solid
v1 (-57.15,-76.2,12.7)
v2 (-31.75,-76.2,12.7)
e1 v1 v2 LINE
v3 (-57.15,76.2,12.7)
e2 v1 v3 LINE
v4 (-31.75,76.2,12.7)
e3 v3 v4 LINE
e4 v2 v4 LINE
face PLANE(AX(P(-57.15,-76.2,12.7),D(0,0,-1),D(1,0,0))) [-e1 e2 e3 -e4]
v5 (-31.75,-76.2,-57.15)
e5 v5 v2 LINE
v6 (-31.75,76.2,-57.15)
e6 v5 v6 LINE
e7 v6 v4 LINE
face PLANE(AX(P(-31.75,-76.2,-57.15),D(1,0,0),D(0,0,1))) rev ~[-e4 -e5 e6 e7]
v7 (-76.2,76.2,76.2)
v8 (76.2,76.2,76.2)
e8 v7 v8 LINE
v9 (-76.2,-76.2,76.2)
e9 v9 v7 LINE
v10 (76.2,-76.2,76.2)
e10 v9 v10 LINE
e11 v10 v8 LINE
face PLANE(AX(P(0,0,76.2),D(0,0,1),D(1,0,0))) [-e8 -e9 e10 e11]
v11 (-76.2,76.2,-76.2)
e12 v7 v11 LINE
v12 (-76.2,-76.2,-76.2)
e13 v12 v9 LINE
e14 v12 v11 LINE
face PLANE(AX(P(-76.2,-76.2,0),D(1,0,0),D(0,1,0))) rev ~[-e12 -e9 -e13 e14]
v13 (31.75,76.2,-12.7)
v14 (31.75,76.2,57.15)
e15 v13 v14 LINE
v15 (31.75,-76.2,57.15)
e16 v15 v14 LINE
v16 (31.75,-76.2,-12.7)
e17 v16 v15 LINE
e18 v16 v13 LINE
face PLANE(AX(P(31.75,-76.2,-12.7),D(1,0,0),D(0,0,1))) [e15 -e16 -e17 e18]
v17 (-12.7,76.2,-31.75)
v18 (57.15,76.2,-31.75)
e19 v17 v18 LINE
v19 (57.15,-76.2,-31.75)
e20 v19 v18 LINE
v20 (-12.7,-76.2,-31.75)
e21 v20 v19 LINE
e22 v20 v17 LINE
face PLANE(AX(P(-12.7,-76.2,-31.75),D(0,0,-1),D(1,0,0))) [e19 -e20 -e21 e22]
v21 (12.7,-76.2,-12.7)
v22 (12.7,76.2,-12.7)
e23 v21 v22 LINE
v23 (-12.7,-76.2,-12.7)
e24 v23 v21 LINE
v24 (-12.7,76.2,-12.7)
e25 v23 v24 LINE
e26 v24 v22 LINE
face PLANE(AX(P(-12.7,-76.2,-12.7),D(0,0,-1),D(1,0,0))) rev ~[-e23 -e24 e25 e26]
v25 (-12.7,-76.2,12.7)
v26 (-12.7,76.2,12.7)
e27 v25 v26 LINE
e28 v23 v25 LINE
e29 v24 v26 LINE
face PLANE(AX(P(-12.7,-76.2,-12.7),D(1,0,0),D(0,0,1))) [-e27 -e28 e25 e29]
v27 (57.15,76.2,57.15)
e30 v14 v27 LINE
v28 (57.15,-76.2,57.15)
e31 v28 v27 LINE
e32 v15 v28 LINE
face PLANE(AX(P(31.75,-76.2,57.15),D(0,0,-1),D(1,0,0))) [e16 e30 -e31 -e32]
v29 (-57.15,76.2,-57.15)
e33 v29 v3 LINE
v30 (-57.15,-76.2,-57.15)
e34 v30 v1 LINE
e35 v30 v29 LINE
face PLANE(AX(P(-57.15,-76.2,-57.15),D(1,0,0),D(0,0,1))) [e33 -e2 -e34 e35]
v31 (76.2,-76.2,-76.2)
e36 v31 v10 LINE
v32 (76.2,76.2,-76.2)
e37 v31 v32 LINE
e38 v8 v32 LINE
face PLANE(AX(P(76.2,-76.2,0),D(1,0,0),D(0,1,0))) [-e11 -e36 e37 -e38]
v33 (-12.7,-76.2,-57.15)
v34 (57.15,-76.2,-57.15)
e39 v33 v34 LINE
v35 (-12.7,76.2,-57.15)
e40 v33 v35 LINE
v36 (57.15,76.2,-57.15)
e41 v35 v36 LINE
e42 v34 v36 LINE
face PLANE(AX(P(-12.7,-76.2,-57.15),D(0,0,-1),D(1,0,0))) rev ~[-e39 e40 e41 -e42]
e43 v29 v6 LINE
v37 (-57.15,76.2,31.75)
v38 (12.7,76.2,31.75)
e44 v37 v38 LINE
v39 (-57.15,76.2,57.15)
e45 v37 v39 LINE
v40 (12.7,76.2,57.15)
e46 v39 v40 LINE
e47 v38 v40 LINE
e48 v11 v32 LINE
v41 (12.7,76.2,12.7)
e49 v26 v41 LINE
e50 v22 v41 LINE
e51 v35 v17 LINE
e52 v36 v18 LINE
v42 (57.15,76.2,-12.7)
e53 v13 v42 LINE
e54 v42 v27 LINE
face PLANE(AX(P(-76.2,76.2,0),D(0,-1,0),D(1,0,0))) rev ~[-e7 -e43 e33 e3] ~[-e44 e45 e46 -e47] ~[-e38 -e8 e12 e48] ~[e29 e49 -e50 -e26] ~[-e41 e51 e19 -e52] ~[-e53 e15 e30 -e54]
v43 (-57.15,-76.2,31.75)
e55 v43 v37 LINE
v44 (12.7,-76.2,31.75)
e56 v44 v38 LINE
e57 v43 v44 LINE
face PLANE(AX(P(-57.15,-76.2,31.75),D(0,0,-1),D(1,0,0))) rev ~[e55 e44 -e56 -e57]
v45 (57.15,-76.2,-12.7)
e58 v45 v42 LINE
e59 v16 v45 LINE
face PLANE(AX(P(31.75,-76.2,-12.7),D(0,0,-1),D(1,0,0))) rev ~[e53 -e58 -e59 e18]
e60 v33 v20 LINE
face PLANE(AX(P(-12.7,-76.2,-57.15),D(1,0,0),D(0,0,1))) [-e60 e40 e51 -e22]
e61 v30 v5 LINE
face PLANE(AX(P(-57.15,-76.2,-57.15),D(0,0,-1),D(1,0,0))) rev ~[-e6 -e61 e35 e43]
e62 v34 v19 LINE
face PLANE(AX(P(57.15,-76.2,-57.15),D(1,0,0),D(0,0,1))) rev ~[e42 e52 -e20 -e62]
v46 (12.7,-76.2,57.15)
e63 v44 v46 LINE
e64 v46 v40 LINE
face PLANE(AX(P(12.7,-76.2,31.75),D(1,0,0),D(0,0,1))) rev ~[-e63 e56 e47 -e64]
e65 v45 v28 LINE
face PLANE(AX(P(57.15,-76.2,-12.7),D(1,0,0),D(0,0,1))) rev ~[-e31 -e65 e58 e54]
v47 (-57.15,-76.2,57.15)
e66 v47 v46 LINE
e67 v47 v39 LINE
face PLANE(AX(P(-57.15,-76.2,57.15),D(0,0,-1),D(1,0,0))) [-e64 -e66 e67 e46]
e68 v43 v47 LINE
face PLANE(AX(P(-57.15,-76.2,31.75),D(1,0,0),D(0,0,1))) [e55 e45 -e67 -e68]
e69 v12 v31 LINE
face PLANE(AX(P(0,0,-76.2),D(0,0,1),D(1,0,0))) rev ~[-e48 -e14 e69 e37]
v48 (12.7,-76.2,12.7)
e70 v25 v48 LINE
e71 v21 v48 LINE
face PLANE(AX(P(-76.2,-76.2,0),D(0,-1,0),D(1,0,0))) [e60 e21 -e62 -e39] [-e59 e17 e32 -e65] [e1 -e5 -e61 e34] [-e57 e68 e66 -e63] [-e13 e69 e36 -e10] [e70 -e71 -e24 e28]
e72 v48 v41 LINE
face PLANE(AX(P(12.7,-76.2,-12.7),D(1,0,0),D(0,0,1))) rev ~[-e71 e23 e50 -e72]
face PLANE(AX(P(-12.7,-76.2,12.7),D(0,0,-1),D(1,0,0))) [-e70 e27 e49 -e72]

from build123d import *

# Parameters (mm, degrees)
F2_W     = 152.4
F2_H     = 152.4
F0_DEPTH = 76.2
F3_W     = 69.85
F3_H     = 25.4
F3_W_2   = 25.4
F3_H_2   = 69.85
F1_DEPTH = 152.401


with BuildPart() as f0:
    # F2 (on Top) → F0 (new body, symmetric)
    with BuildSketch(Plane.XY):
        Rectangle(F2_W, F2_H)
    extrude(amount=F0_DEPTH, both=True)

    # F3 (on face) → F1 (cut, through all)
    with BuildSketch(Plane.XZ.offset(76.2)):
        with Locations((-22.225, 44.45)):
            Rectangle(F3_W, F3_H)
        with Locations((44.45, 22.225)):
            Rectangle(F3_W_2, F3_H_2)
        with Locations((-44.45, -22.225)):
            Rectangle(F3_W_2, F3_H_2)
        Rectangle(F3_W_2, F3_H)
        with Locations((22.225, -44.45)):
            Rectangle(F3_W, F3_H)
    extrude(amount=-F1_DEPTH, mode=Mode.SUBTRACT)


solid = f0.part
